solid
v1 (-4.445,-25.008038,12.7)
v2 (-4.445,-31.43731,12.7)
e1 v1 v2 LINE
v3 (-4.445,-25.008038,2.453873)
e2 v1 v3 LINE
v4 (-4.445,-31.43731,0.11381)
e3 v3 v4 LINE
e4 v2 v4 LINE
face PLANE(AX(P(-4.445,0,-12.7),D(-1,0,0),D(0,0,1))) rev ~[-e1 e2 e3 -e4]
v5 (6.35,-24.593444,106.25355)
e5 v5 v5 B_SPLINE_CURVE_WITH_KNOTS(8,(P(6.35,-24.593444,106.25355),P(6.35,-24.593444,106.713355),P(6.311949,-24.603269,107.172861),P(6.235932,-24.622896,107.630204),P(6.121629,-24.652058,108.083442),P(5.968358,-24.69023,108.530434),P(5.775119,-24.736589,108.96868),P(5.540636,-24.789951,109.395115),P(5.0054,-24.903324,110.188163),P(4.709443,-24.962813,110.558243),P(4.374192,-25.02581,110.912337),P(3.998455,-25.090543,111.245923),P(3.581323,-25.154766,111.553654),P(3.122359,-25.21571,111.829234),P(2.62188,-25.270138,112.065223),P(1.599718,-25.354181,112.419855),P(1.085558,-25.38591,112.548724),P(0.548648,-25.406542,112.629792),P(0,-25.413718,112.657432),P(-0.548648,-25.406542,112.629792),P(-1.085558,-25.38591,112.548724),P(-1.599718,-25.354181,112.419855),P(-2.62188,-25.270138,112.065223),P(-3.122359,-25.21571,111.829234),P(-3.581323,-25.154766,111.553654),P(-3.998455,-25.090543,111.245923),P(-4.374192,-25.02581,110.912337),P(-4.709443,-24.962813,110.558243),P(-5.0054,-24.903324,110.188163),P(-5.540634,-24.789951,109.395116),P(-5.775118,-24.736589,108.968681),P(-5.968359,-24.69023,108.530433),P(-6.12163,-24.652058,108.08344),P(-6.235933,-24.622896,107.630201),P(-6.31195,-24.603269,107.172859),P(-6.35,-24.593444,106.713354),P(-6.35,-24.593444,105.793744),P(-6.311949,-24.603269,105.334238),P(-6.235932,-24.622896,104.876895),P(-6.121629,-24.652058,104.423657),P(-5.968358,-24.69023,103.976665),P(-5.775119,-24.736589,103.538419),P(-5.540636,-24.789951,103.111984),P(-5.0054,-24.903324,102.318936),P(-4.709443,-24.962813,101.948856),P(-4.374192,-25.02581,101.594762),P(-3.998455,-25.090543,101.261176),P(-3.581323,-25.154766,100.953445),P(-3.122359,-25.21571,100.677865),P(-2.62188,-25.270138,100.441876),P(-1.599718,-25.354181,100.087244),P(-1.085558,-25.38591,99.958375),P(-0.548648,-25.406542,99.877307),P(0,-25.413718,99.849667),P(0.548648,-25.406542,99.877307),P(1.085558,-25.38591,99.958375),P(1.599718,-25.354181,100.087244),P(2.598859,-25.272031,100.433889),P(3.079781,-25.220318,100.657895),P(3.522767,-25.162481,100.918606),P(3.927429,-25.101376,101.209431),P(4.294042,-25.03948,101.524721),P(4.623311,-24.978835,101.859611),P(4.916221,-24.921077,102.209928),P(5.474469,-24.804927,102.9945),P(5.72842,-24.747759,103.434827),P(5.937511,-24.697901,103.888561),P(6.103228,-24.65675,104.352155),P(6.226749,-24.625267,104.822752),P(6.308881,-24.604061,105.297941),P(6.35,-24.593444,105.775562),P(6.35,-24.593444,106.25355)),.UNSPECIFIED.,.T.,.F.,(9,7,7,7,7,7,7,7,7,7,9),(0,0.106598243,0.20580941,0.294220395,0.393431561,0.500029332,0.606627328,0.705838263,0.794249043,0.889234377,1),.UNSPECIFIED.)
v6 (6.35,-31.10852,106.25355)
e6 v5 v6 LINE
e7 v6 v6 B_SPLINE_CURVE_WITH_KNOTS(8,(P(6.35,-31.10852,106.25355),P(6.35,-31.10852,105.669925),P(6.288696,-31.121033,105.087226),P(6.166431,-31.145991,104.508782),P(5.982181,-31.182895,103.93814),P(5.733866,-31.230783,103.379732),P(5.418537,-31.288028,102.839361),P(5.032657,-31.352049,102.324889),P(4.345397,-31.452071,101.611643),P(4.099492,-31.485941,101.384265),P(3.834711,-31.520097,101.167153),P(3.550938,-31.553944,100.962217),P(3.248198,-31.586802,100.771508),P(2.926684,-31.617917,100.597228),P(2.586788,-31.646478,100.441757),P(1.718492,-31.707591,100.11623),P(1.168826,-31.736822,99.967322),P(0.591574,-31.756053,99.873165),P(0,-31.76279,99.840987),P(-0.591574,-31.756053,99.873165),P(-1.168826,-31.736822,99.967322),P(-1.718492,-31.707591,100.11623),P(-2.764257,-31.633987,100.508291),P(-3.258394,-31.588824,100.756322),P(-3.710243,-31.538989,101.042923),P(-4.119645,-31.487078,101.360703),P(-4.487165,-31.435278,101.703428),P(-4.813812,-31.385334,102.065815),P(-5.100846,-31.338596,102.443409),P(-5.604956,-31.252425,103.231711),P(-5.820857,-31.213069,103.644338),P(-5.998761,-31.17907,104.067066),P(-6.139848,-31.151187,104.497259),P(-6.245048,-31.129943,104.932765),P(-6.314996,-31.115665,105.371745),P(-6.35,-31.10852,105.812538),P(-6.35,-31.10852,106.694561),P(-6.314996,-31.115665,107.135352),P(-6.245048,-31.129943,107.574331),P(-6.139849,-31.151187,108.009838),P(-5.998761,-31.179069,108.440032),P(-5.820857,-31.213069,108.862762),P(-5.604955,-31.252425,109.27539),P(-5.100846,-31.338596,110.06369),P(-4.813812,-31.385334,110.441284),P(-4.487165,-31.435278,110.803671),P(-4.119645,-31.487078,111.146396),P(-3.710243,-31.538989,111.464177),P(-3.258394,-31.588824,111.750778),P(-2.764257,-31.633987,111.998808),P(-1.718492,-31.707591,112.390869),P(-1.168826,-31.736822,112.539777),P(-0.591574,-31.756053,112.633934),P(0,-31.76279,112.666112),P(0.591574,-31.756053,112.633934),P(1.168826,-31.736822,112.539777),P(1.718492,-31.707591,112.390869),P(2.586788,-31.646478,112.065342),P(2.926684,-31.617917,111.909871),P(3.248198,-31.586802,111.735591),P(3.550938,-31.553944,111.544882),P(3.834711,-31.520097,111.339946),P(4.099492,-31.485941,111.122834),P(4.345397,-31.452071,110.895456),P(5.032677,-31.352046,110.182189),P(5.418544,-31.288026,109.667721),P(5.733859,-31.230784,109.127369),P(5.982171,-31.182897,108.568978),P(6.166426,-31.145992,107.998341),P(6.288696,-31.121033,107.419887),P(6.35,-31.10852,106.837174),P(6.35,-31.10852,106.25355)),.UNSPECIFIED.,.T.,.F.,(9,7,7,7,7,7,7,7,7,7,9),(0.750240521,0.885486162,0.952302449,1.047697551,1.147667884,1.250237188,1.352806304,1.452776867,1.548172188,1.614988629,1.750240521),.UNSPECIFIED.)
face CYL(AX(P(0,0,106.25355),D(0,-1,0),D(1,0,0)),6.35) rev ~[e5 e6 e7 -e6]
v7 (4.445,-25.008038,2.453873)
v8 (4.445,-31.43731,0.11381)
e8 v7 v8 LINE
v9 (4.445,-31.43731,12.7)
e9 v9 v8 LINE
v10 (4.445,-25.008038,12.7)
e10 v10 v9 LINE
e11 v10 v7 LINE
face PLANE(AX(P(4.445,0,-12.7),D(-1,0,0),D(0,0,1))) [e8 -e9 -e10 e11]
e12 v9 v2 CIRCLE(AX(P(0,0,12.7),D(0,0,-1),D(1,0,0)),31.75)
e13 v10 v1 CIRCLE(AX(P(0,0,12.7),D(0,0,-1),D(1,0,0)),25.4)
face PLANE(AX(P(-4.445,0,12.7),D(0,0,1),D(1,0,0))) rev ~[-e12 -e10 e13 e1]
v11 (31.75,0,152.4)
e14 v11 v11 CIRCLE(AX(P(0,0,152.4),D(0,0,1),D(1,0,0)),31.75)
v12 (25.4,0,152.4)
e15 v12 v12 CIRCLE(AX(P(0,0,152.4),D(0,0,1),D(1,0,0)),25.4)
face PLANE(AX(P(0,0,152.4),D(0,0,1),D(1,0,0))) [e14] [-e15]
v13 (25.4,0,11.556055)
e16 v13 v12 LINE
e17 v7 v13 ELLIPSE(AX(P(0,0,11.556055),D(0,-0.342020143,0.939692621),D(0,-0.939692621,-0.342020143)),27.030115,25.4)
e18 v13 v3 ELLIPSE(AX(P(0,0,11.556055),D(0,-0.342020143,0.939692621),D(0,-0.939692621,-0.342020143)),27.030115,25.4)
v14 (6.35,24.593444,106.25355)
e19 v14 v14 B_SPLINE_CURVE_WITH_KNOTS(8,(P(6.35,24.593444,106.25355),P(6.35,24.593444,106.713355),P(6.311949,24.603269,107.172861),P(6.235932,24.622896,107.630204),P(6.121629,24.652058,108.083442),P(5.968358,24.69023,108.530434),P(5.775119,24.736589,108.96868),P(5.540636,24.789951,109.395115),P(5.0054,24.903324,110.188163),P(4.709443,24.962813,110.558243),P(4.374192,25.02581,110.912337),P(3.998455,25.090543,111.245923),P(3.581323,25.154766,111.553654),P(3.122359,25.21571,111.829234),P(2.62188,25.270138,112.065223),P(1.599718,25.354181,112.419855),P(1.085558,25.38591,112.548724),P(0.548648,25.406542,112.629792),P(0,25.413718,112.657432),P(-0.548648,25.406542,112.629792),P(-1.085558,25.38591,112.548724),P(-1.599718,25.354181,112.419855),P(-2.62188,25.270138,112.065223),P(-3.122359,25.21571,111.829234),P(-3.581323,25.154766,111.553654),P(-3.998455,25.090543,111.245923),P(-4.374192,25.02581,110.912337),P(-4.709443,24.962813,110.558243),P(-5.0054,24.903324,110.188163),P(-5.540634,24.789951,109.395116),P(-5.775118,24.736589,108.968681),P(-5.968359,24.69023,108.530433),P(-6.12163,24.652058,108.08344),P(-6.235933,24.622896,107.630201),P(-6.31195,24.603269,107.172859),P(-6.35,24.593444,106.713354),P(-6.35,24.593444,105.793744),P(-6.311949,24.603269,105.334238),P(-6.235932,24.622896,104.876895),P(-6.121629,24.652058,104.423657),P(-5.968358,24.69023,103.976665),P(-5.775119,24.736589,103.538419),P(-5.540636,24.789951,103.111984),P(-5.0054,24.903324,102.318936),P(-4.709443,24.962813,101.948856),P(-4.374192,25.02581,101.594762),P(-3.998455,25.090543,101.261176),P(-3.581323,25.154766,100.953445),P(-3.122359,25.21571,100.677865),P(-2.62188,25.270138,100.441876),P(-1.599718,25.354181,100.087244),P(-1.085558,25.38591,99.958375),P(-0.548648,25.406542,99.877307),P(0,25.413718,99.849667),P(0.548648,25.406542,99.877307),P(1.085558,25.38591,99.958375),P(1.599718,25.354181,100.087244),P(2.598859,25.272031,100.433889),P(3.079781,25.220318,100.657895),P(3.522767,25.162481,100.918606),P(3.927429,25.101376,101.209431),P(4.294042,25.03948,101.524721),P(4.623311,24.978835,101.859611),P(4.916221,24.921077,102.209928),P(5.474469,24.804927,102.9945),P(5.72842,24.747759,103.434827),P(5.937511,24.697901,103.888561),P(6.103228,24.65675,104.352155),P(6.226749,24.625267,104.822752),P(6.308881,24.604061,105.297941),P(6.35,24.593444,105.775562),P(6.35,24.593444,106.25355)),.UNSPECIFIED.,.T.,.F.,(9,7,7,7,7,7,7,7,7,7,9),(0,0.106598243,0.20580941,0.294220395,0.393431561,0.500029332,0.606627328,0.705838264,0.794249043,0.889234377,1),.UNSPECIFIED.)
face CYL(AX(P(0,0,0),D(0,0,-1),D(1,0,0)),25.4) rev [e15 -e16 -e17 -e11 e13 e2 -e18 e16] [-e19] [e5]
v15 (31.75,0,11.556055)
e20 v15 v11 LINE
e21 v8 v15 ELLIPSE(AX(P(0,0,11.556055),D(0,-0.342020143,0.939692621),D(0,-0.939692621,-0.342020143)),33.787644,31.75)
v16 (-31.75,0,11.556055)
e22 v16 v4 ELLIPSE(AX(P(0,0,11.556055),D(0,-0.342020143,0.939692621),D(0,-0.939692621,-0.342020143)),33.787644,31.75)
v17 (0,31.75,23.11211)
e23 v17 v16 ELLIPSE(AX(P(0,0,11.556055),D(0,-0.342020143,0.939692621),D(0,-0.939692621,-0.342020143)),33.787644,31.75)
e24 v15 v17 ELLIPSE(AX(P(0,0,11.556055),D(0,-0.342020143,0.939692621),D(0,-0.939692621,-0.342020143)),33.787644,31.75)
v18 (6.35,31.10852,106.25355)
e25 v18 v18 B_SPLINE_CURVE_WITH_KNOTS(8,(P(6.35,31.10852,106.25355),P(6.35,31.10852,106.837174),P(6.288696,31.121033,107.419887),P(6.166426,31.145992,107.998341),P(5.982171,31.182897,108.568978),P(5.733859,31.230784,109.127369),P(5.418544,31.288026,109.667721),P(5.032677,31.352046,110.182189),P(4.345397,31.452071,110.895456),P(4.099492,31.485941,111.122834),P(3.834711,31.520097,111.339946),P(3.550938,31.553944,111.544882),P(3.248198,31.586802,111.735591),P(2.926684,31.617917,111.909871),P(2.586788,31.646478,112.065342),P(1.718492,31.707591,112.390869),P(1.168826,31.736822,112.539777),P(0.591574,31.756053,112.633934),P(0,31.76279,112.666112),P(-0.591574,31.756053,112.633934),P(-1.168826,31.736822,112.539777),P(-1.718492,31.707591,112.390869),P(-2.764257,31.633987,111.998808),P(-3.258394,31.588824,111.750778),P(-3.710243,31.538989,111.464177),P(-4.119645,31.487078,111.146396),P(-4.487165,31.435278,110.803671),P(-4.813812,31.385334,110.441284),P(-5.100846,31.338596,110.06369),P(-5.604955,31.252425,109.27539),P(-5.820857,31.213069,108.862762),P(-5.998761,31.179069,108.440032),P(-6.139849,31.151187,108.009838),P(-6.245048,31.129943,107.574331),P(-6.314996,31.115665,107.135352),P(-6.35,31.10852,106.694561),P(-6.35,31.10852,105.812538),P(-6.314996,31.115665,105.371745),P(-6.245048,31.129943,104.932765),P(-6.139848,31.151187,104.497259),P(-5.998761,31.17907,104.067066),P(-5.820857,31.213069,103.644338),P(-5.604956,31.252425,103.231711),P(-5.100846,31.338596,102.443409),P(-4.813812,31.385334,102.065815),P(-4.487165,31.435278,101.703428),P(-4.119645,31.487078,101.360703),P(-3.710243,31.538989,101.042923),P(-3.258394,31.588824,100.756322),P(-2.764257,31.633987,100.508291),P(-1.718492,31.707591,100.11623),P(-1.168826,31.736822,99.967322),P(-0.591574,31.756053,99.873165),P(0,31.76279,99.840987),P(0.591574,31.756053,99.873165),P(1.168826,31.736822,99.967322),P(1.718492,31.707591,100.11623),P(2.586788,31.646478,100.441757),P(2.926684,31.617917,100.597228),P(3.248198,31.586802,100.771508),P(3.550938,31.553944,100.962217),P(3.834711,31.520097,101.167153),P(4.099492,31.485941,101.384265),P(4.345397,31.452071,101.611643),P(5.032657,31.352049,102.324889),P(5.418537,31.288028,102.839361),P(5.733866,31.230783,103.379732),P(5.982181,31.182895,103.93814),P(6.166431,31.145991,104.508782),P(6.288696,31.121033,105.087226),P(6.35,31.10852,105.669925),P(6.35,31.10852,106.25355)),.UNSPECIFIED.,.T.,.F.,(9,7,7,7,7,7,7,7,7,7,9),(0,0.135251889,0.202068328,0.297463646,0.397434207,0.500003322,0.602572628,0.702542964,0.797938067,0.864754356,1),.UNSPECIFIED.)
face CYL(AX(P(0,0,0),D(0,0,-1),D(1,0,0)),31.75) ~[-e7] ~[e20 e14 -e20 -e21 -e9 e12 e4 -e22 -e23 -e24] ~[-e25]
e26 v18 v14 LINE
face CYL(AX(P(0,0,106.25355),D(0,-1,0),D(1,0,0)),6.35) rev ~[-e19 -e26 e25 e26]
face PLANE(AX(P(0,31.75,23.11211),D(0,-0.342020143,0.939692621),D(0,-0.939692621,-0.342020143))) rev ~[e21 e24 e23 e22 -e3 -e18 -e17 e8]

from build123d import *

# Parameters (mm, degrees)
F0_R     = 31.75
F0_R_2   = 25.4
F1_DEPTH = 152.4
F3_DEPTH = 31.75
F4_R     = 6.35
F5_DEPTH = 31.75
F6_W     = 8.89
F6_H     = 25.4
F7_DEPTH = 38.1


with BuildPart() as f1:
    # F0 (on Top) → F1 (new body)
    with BuildSketch(Plane.XY):
        Circle(F0_R)
        Circle(F0_R_2, mode=Mode.SUBTRACT)
    extrude(amount=F1_DEPTH)

    # F2 (on Right) → F3 (cut, symmetric)
    with BuildSketch(Plane.YZ):
        Polygon((-31.75, 0), (31.75, 0), (31.75, 23.1121098759), align=None)
    extrude(amount=F3_DEPTH, both=True, mode=Mode.SUBTRACT)

    # F4 (on Front) → F5 (cut, symmetric)
    with BuildSketch(Plane.XZ):
        with Locations((0, 106.2535495254)):
            Circle(F4_R)
    extrude(amount=F5_DEPTH, both=True, mode=Mode.SUBTRACT)

    # F6 (on Front) → F7 (cut)
    with BuildSketch(Plane.XZ):
        Rectangle(F6_W, F6_H)
    extrude(amount=F7_DEPTH, mode=Mode.SUBTRACT)


solid = f1.part
